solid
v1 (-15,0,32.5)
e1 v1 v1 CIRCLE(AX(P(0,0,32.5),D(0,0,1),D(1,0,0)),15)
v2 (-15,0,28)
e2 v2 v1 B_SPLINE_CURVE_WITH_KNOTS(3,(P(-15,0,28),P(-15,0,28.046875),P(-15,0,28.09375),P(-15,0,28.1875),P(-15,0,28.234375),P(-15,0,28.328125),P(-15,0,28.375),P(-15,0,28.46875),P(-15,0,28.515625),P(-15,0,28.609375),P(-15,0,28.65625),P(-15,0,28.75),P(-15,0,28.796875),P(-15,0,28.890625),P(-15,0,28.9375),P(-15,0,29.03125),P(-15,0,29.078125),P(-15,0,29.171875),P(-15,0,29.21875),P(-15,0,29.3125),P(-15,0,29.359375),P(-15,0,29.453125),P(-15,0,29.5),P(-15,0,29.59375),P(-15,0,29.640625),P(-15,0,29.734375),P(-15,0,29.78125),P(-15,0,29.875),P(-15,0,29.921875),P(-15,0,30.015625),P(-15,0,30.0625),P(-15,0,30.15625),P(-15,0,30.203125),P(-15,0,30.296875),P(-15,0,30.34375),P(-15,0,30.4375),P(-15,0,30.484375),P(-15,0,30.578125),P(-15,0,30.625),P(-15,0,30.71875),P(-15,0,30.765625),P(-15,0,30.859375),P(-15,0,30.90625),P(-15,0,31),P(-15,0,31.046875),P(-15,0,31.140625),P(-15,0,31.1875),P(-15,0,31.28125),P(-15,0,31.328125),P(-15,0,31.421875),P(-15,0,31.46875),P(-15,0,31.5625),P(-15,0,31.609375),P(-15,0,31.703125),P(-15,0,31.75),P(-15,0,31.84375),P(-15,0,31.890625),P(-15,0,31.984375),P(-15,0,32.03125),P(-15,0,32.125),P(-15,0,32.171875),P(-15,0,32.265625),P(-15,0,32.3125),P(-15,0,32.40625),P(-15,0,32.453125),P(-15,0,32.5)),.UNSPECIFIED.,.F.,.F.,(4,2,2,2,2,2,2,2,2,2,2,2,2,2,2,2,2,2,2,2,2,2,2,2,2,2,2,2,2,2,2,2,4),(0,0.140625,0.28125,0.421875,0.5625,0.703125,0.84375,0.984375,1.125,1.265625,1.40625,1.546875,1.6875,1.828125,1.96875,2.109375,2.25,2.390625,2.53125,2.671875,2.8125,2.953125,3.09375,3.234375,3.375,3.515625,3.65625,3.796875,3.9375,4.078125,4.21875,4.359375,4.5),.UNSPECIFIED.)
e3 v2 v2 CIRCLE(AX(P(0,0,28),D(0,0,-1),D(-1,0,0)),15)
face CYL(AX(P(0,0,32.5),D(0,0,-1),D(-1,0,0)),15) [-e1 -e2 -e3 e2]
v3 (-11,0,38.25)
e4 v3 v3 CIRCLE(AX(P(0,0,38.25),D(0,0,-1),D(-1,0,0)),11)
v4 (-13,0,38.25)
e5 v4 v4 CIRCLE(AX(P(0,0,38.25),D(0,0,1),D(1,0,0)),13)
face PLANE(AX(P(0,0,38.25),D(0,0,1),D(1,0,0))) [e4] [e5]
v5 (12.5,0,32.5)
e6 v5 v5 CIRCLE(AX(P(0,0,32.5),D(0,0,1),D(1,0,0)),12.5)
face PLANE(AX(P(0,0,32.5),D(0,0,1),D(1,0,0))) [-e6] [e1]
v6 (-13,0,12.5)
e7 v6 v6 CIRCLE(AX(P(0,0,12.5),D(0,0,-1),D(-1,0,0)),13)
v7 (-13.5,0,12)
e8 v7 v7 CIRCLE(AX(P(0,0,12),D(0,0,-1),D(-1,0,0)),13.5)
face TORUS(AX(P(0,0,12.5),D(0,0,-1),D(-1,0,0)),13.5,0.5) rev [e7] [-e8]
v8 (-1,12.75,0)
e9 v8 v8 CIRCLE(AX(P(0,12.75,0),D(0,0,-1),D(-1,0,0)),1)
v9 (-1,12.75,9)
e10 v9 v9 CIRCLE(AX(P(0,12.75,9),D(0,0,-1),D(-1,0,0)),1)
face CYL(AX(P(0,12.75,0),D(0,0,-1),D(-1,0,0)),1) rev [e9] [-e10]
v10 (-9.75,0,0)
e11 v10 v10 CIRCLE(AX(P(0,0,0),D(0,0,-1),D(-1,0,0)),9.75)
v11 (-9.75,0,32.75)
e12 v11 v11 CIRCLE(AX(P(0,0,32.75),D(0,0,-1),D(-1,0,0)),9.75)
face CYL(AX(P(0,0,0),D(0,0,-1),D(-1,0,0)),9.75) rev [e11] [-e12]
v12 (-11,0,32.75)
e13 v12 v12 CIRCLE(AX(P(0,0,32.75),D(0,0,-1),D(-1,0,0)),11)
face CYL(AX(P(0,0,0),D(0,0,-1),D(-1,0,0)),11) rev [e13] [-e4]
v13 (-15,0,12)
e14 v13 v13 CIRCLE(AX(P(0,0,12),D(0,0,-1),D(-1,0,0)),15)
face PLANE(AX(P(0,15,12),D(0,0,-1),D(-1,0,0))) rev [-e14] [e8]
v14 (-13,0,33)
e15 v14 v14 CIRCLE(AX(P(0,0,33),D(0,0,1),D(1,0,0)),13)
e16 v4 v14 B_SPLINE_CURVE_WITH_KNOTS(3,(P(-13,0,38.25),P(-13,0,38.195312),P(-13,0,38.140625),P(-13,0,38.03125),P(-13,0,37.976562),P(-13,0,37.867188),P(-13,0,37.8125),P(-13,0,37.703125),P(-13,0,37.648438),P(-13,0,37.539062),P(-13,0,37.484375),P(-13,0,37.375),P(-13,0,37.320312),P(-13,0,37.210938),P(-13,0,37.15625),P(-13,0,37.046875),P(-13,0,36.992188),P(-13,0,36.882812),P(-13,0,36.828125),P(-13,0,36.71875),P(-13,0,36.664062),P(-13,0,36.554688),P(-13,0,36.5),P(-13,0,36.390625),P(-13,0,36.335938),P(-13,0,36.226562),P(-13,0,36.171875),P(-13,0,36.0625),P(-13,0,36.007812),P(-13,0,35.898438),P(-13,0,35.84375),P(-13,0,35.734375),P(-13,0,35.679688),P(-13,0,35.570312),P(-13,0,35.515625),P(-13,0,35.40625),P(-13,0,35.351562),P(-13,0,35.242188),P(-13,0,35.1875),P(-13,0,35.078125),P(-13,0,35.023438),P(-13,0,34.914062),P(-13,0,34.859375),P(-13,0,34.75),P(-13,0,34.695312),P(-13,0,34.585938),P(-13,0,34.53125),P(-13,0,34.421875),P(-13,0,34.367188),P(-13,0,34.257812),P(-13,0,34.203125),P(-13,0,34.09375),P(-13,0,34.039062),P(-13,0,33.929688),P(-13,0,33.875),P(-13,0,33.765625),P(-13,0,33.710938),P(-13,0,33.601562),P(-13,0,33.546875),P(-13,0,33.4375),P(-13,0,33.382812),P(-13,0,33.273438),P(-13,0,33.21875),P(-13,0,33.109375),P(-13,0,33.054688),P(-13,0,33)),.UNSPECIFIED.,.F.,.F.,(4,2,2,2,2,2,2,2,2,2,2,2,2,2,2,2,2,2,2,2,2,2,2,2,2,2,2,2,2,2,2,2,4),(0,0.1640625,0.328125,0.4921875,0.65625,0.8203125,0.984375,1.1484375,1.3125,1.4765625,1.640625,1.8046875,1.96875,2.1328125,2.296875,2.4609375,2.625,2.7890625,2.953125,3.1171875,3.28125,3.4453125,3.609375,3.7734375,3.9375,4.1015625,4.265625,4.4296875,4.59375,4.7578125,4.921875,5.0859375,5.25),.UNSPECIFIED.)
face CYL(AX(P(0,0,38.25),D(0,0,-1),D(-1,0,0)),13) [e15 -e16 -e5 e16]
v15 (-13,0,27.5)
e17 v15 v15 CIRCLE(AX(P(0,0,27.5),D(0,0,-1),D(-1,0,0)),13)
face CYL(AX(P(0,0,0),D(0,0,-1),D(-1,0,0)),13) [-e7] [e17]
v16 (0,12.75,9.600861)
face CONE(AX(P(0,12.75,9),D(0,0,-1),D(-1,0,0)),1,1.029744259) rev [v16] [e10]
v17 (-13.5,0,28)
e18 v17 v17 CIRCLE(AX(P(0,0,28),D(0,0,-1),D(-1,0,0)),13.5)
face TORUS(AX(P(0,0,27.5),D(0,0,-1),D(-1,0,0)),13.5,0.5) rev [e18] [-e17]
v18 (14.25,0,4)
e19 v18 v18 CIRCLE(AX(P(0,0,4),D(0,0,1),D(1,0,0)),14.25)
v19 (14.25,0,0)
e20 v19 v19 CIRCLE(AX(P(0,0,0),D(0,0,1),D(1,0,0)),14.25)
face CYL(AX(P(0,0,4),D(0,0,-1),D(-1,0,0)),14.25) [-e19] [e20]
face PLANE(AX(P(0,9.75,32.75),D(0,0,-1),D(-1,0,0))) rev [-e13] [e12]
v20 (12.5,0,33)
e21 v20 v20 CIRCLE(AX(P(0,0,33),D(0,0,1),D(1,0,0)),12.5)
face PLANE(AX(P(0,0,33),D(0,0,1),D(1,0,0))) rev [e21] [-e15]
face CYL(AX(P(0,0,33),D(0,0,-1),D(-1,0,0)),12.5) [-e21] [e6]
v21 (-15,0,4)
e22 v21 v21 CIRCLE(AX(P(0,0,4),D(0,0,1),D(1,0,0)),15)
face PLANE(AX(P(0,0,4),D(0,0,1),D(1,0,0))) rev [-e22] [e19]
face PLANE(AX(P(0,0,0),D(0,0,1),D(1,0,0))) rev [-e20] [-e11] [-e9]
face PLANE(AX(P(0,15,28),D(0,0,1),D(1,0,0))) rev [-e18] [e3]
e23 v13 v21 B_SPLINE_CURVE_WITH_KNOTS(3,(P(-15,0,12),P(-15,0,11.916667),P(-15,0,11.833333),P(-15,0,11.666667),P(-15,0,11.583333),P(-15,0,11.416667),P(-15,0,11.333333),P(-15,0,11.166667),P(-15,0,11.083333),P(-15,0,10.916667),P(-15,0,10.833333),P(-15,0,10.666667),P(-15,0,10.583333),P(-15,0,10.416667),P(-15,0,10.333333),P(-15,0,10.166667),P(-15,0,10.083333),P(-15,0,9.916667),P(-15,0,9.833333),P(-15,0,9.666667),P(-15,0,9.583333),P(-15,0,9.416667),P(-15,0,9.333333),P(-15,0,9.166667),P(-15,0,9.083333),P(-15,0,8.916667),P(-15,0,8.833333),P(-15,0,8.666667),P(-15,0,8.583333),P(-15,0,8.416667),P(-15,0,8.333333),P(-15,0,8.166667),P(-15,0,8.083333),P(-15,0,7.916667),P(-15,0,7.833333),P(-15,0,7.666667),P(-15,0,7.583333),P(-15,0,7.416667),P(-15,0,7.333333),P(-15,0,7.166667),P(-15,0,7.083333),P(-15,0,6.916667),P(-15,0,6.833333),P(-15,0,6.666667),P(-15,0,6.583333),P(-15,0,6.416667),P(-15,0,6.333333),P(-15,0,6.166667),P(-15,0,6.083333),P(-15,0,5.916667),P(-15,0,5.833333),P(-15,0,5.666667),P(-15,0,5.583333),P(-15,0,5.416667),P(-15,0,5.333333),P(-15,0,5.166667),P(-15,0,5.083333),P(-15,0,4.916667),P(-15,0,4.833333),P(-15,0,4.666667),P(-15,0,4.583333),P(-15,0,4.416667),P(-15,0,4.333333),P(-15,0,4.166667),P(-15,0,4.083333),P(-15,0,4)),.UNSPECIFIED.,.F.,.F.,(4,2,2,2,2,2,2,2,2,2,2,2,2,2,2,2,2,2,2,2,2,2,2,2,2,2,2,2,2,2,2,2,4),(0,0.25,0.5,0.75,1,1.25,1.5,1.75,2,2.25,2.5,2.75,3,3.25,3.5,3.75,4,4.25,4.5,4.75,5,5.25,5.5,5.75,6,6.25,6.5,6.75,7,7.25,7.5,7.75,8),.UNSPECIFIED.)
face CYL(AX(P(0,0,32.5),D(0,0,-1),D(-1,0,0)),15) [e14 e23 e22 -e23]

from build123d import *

# Parameters (mm, degrees)
ESQUISSE1_R                       = 14.25
BOSS_EXTRU_1_DEPTH                = 4
ESQUISSE2_R                       = 15
BOSS_EXTRU_2_DEPTH                = 28.5
ESQUISSE3_R                       = 12.5
BOSS_EXTRU_3_DEPTH                = 0.5
ESQUISSE4_R                       = 13
BOSS_EXTRU_4_DEPTH                = 5.25
DIAM_TRE_DU_PER_AGE_2_0_2_1_D     = 2
DIAM_TRE_DU_PER_AGE_2_0_2_1_DEPTH = 9
DIAM_TRE_DU_PER_AGE_2_0_2_1_TIP   = 0.600860619


with BuildPart() as part:
    # Esquisse1 → Boss.-Extru.1 (new body)
    with BuildSketch(Plane.XY):
        Circle(ESQUISSE1_R)
    extrude(amount=BOSS_EXTRU_1_DEPTH)

    # Esquisse2 → Boss.-Extru.2 (add)
    with BuildSketch(Plane.XY.offset(4)):
        with Locations(Location((0, 0, 0), (0, 0, 180))):
            Circle(ESQUISSE2_R)
    extrude(amount=BOSS_EXTRU_2_DEPTH)

    # Esquisse3 → Boss.-Extru.3 (add)
    with BuildSketch(Plane.XY.offset(32.5)):
        Circle(ESQUISSE3_R)
    extrude(amount=BOSS_EXTRU_3_DEPTH)

    # Esquisse4 → Boss.-Extru.4 (add)
    with BuildSketch(Plane.XY.offset(33)):
        with Locations(Location((0, 0, 0), (0, 0, 180))):
            Circle(ESQUISSE4_R)
    extrude(amount=BOSS_EXTRU_4_DEPTH)

    # Esquisse5 → Enlèvement de matière-Révolution1 (revolve, cut)
    with BuildSketch(Plane(origin=(0, 0, 0), x_dir=(0, 0, -1), z_dir=(1, 0, 0)), mode=Mode.PRIVATE) as enl_vement_de_mati_re_r_volution1_sk:
        Polygon((0, 0), (-38.25, 0), (-38.25, 11), (-32.75, 11), (-32.75, 9.75), (0, 9.75), align=None)
        with BuildLine():
            Line((-28, 15), (-12, 15))
            Line((-12, 15), (-12, 13.5))
            ThreePointArc((-12, 13.5), (-12.146446609, 13.146446609), (-12.5, 13))
            Line((-12.5, 13), (-27.5, 13))
            ThreePointArc((-27.5, 13), (-27.853553391, 13.146446609), (-28, 13.5))
            Line((-28, 13.5), (-28, 15))
        make_face()
    revolve(enl_vement_de_mati_re_r_volution1_sk.sketch.rotate(Axis((0, 0, 0), (0, 0, 1)), 90), axis=Axis((0, 0, 0), (0, 0, 1)), mode=Mode.SUBTRACT)

    # Diamètre du perçage Ø2.0 (2)1
    with Locations(Plane(origin=(0, 0, 0), x_dir=(-1, 0, 0), z_dir=(0, 0, -1))):
        with Locations((0, 12.75)):
            Hole(DIAM_TRE_DU_PER_AGE_2_0_2_1_D / 2, depth=DIAM_TRE_DU_PER_AGE_2_0_2_1_DEPTH)
            with Locations((0, 0, -(DIAM_TRE_DU_PER_AGE_2_0_2_1_DEPTH + DIAM_TRE_DU_PER_AGE_2_0_2_1_TIP / 2))):  # 118° drill point
                Cone(0, DIAM_TRE_DU_PER_AGE_2_0_2_1_D / 2, DIAM_TRE_DU_PER_AGE_2_0_2_1_TIP, mode=Mode.SUBTRACT)


solid = part.part
